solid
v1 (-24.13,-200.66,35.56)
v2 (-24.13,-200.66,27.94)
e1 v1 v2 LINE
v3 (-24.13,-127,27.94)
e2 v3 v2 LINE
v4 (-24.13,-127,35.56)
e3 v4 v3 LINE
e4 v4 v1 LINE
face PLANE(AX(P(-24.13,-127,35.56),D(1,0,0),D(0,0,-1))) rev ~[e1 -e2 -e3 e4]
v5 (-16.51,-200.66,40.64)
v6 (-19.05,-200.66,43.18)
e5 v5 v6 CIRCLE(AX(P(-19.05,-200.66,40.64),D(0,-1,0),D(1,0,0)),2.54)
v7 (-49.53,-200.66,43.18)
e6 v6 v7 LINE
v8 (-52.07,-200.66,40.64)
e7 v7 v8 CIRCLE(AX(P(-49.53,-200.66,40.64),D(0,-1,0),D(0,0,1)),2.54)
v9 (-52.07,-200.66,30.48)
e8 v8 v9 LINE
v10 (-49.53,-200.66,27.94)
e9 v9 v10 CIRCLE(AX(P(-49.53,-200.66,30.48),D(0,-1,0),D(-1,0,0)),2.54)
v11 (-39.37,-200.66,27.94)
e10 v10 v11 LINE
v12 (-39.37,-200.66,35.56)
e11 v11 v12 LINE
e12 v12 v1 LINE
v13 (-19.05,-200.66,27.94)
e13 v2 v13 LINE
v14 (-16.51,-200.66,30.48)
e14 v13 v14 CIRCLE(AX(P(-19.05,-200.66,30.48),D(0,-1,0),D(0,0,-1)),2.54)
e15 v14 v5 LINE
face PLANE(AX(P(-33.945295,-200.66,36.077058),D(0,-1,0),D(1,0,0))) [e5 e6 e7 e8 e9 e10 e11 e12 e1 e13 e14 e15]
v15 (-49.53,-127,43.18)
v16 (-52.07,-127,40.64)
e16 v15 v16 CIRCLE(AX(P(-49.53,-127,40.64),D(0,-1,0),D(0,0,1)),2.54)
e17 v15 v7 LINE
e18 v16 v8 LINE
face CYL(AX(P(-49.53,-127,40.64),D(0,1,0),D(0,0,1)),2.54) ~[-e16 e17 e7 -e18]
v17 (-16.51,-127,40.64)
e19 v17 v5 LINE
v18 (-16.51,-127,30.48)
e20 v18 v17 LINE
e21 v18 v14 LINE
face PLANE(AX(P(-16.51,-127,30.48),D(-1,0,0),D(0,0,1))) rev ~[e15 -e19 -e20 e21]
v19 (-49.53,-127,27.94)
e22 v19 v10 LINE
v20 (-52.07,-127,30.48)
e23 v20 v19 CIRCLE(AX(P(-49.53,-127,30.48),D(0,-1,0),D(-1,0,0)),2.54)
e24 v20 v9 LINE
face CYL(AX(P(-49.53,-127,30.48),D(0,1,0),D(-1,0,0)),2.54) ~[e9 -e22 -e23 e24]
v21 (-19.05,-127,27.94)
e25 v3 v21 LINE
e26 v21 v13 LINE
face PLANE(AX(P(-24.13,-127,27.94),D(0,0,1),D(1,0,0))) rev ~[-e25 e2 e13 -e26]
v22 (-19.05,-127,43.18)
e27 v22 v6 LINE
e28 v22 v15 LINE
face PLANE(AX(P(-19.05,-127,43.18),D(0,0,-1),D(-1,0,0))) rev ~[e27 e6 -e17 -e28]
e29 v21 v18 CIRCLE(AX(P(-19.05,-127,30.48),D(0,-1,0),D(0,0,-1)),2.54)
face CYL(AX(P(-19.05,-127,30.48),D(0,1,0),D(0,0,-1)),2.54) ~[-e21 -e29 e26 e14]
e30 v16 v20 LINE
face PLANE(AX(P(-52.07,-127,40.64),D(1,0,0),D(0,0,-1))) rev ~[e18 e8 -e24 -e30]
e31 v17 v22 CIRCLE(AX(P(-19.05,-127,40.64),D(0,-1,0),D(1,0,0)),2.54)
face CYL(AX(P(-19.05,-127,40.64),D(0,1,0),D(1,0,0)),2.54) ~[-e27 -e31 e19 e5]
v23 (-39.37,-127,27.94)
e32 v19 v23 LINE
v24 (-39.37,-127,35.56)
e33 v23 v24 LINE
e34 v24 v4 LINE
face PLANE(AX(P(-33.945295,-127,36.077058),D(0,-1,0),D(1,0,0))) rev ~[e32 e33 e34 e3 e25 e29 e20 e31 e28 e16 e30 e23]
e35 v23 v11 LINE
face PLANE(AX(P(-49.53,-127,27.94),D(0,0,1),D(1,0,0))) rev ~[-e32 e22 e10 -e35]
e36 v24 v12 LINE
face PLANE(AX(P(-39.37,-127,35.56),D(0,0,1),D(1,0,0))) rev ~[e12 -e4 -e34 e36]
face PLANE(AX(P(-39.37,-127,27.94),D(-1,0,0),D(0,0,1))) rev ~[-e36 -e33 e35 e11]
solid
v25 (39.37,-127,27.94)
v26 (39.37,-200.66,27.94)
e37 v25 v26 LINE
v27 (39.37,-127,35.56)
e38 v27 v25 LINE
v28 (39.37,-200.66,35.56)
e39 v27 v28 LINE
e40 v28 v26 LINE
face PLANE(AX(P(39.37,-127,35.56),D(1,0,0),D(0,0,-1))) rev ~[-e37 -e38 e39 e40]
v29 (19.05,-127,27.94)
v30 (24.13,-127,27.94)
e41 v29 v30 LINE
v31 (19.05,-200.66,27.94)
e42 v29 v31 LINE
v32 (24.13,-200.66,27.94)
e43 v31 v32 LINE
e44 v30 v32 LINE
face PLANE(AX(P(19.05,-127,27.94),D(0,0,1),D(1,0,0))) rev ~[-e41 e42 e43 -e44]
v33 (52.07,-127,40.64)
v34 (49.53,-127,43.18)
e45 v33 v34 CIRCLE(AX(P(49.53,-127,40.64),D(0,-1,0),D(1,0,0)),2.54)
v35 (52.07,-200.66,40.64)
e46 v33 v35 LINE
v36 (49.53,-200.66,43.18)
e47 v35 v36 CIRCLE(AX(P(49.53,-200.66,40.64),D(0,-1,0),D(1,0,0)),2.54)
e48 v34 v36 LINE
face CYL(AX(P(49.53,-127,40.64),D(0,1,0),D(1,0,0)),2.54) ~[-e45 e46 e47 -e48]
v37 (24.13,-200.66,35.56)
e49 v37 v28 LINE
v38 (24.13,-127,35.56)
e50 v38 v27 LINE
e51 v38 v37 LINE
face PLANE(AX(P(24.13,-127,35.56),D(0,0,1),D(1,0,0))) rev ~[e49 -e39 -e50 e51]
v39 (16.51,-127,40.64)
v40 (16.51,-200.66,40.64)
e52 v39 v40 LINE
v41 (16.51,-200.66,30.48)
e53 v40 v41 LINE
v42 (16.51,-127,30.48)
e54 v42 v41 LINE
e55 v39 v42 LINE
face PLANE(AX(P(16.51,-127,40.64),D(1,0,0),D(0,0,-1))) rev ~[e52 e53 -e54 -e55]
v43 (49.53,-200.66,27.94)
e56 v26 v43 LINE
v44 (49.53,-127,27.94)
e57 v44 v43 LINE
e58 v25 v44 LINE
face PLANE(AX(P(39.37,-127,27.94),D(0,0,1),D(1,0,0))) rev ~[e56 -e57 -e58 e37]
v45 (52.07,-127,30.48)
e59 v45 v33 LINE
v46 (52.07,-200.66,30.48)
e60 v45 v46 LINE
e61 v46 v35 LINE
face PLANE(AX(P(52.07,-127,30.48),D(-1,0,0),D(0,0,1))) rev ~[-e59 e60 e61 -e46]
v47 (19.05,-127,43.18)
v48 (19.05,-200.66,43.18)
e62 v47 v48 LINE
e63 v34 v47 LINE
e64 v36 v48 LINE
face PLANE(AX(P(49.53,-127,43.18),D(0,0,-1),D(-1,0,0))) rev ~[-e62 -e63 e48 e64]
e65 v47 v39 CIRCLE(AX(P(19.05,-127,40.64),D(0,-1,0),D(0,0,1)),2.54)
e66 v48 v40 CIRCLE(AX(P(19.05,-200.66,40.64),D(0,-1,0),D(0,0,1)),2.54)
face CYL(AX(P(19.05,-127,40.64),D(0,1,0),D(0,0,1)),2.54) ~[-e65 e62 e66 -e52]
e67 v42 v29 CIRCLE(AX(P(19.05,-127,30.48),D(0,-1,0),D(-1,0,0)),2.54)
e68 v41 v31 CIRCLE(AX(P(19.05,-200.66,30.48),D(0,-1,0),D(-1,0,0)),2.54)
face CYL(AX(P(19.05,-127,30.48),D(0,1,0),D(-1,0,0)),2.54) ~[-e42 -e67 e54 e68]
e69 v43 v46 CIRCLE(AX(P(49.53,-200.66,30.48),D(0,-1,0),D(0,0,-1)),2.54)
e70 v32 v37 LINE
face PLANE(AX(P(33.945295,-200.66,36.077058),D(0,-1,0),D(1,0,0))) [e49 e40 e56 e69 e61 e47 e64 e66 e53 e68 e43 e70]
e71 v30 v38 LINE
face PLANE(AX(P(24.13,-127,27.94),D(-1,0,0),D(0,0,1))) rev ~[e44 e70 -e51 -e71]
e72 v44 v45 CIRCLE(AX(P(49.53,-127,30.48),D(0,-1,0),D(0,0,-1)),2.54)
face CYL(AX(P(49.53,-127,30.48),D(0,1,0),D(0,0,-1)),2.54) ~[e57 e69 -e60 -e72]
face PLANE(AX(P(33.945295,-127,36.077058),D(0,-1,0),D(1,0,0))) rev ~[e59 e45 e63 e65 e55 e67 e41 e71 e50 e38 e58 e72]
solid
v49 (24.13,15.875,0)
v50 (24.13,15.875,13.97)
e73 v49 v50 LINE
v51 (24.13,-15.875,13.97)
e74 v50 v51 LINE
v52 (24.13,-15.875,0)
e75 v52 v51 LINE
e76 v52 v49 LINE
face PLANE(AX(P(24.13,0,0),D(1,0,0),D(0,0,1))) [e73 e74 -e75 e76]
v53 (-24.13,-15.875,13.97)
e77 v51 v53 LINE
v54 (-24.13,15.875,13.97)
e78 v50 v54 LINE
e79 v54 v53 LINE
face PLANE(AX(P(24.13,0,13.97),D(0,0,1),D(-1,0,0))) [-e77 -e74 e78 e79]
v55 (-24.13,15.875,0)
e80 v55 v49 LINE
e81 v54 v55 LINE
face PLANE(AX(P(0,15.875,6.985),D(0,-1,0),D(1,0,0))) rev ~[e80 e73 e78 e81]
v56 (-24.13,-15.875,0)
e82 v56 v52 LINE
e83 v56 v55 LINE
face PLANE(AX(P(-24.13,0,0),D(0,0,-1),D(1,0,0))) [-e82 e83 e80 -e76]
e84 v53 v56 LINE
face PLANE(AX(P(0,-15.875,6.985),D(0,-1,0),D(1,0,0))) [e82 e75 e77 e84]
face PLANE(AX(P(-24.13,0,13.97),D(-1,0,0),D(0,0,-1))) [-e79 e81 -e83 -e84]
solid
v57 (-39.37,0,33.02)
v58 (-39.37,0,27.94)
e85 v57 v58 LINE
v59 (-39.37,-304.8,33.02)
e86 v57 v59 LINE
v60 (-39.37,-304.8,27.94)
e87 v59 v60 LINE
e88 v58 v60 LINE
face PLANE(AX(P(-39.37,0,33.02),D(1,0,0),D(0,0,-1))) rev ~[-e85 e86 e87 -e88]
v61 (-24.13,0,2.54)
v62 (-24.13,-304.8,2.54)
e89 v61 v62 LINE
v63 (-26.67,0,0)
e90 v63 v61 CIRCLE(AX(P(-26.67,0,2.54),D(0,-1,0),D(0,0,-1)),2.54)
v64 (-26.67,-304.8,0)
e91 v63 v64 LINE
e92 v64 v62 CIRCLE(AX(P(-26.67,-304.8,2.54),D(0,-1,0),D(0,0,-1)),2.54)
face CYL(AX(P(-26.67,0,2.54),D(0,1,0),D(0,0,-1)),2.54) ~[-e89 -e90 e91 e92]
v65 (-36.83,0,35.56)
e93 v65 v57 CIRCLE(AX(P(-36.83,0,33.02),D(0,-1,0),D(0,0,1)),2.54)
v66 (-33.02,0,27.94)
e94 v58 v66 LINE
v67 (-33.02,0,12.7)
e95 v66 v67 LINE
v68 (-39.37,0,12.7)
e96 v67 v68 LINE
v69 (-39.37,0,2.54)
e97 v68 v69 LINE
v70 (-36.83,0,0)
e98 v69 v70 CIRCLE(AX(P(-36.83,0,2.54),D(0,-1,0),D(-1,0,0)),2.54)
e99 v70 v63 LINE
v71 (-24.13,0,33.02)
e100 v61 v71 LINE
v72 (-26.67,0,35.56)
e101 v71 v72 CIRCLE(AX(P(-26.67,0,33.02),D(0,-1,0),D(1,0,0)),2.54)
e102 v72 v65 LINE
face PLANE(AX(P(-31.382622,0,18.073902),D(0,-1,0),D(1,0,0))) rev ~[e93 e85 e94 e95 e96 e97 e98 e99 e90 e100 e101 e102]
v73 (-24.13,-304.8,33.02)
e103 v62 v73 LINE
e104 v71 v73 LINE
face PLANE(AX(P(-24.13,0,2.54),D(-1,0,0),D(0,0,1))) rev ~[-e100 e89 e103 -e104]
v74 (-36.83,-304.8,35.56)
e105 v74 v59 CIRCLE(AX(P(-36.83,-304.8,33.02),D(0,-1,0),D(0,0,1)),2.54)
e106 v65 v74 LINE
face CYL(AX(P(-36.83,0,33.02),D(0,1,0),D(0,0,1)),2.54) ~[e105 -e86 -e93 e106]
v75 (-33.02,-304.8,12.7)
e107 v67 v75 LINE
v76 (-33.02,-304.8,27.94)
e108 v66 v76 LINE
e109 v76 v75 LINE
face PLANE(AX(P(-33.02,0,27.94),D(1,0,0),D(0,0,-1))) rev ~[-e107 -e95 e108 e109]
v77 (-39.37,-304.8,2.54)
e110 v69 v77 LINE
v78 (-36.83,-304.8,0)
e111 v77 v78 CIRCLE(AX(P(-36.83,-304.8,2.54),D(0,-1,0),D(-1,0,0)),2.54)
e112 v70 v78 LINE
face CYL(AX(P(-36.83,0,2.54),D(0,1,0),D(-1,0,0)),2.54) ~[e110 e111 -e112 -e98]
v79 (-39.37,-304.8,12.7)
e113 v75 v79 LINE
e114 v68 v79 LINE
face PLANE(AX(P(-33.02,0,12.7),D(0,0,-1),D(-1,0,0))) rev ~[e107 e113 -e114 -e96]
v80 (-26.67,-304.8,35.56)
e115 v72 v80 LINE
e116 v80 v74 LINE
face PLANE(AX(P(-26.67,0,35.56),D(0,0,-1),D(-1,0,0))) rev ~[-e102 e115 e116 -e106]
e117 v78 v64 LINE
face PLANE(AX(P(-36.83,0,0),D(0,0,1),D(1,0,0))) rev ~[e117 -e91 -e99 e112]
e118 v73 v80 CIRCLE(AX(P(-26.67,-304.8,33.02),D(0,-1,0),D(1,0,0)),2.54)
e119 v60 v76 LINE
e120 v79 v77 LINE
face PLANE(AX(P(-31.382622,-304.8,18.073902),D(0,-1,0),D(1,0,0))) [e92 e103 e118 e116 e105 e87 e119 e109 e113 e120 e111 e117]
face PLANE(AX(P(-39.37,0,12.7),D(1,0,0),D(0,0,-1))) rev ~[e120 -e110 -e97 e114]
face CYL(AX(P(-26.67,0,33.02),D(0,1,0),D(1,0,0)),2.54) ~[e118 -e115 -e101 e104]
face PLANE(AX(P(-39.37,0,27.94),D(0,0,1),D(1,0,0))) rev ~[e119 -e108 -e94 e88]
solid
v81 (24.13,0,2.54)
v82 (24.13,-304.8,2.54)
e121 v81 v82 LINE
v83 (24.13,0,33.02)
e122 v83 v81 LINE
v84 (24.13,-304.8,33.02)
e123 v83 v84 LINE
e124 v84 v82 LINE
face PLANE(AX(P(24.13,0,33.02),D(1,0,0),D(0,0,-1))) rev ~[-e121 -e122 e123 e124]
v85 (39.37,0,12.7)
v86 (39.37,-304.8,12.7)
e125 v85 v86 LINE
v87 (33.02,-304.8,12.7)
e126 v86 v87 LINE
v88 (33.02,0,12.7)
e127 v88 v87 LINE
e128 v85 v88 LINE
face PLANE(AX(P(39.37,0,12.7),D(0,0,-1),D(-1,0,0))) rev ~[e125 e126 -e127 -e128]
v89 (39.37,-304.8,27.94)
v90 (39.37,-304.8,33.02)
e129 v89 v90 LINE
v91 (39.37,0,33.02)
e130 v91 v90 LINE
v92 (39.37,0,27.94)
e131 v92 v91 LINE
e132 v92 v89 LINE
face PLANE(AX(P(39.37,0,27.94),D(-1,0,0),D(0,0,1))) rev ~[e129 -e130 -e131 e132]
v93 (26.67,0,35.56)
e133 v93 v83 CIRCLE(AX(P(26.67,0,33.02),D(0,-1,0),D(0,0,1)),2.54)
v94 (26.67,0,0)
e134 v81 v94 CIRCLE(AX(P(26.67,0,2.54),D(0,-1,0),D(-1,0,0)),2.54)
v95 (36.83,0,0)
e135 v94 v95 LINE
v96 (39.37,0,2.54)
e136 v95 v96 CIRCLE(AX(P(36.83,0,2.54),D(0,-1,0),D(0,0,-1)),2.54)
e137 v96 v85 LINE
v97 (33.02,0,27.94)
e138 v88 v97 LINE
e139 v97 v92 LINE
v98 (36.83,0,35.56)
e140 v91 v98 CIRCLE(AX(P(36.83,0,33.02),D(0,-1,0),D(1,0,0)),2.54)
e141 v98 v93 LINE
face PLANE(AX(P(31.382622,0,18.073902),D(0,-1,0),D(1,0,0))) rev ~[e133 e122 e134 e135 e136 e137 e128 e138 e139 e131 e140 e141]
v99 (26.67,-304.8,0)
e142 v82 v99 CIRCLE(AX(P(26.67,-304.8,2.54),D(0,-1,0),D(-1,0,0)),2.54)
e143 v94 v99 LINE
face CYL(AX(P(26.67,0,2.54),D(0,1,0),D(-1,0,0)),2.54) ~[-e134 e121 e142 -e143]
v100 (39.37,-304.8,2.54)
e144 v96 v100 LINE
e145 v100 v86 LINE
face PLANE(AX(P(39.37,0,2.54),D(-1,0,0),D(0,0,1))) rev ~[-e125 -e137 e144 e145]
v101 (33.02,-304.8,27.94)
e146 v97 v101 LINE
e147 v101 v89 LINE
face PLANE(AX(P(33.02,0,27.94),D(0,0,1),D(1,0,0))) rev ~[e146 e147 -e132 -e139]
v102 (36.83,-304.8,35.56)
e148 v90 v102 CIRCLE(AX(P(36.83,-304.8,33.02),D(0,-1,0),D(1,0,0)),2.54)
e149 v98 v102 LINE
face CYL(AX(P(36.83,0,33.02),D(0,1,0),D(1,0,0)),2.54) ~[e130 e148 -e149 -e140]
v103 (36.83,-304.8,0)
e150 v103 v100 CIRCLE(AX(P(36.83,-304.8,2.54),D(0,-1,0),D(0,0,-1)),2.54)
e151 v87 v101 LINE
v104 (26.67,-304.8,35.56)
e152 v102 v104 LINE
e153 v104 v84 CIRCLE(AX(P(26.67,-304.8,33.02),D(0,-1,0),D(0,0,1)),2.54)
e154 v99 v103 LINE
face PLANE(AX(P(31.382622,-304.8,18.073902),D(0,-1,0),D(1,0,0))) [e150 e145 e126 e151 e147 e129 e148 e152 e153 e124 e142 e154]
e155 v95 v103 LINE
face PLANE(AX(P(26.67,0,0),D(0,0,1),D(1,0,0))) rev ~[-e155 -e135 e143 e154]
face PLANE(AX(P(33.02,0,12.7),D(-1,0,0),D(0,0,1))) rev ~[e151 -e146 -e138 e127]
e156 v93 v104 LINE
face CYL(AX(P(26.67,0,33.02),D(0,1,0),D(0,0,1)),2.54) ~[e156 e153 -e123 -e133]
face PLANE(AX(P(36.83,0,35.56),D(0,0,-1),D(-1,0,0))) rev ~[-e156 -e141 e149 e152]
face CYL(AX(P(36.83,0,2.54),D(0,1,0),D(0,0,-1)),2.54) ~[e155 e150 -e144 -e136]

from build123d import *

# Parameters (mm, degrees)
F1_DEPTH      = 304.8
F2_START      = 127
F2_DEPTH      = 73.66
F4_DEPTH      = 15.875
F4_DEPTH_BACK = 15.875


with BuildPart() as f1:
    # F0 (on Front) → F1 (new body)
    with BuildSketch(Plane.XZ):
        with BuildLine():
            Line((-24.13, 2.54), (-24.13, 13.97))
            Line((-24.13, 13.97), (-24.13, 27.94))
            Line((-24.13, 27.94), (-24.13, 33.02))
            ThreePointArc((-24.13, 33.02), (-24.8739487758, 34.8160512242), (-26.67, 35.56))
            Line((-26.67, 35.56), (-36.83, 35.56))
            ThreePointArc((-36.83, 35.56), (-38.6260512242, 34.8160512242), (-39.37, 33.02))
            Line((-39.37, 33.02), (-39.37, 27.94))
            Line((-39.37, 27.94), (-33.02, 27.94))
            Line((-33.02, 27.94), (-33.02, 12.7))
            Line((-33.02, 12.7), (-39.37, 12.7))
            Line((-39.37, 12.7), (-39.37, 2.54))
            ThreePointArc((-39.37, 2.54), (-38.6260512242, 0.7439487758), (-36.83, 0))
            Line((-36.83, 0), (-26.67, 0))
            ThreePointArc((-26.67, 0), (-24.8739487758, 0.7439487758), (-24.13, 2.54))
        make_face()
    extrude(amount=F1_DEPTH)


with BuildPart() as f1b:
    # F0 (on Front) → F1, piece 2 (new body)
    with BuildSketch(Plane.XZ):
        with BuildLine():
            Line((24.13, 13.97), (24.13, 2.54))
            ThreePointArc((24.13, 2.54), (24.8739487758, 0.7439487758), (26.67, 0))
            Line((26.67, 0), (36.83, 0))
            ThreePointArc((36.83, 0), (38.6260512242, 0.7439487758), (39.37, 2.54))
            Line((39.37, 2.54), (39.37, 12.7))
            Line((39.37, 12.7), (33.02, 12.7))
            Line((33.02, 12.7), (33.02, 27.94))
            Line((33.02, 27.94), (39.37, 27.94))
            Line((39.37, 27.94), (39.37, 33.02))
            ThreePointArc((39.37, 33.02), (38.6260512242, 34.8160512242), (36.83, 35.56))
            Line((36.83, 35.56), (26.67, 35.56))
            ThreePointArc((26.67, 35.56), (24.8739487758, 34.8160512242), (24.13, 33.02))
            Line((24.13, 33.02), (24.13, 27.94))
            Line((24.13, 27.94), (24.13, 13.97))
        make_face()
    extrude(amount=F1_DEPTH)


with BuildPart() as f2:
    # F0 (on Front) → F2 (new body)
    with BuildSketch(Plane.XZ.offset(F2_START)):
        with BuildLine():
            Line((-24.13, 33.02), (-24.13, 27.94))
            Line((-24.13, 27.94), (-19.05, 27.94))
            ThreePointArc((-19.05, 27.94), (-17.2539487758, 28.6839487758), (-16.51, 30.48))
            Line((-16.51, 30.48), (-16.51, 40.64))
            ThreePointArc((-16.51, 40.64), (-17.2539487758, 42.4360512242), (-19.05, 43.18))
            Line((-19.05, 43.18), (-49.53, 43.18))
            ThreePointArc((-49.53, 43.18), (-51.3260512242, 42.4360512242), (-52.07, 40.64))
            Line((-52.07, 40.64), (-52.07, 30.48))
            ThreePointArc((-52.07, 30.48), (-51.3260512242, 28.6839487758), (-49.53, 27.94))
            Line((-49.53, 27.94), (-39.37, 27.94))
            Line((-39.37, 27.94), (-39.37, 33.02))
            Line((-39.37, 33.02), (-39.37, 35.56))
            Line((-39.37, 35.56), (-36.83, 35.56))
            Line((-36.83, 35.56), (-26.67, 35.56))
            Line((-26.67, 35.56), (-24.13, 35.56))
            Line((-24.13, 35.56), (-24.13, 33.02))
        make_face()
    extrude(amount=F2_DEPTH)


with BuildPart() as f2b:
    # F0 (on Front) → F2, piece 2 (new body)
    with BuildSketch(Plane.XZ.offset(F2_START)):
        with BuildLine():
            Line((19.05, 27.94), (24.13, 27.94))
            Line((24.13, 27.94), (24.13, 33.02))
            Line((24.13, 33.02), (24.13, 35.56))
            Line((24.13, 35.56), (26.67, 35.56))
            Line((26.67, 35.56), (36.83, 35.56))
            Line((36.83, 35.56), (39.37, 35.56))
            Line((39.37, 35.56), (39.37, 33.02))
            Line((39.37, 33.02), (39.37, 27.94))
            Line((39.37, 27.94), (49.53, 27.94))
            ThreePointArc((49.53, 27.94), (51.3260512242, 28.6839487758), (52.07, 30.48))
            Line((52.07, 30.48), (52.07, 40.64))
            ThreePointArc((52.07, 40.64), (51.3260512242, 42.4360512242), (49.53, 43.18))
            Line((49.53, 43.18), (19.05, 43.18))
            ThreePointArc((19.05, 43.18), (17.2539487758, 42.4360512242), (16.51, 40.64))
            Line((16.51, 40.64), (16.51, 30.48))
            ThreePointArc((16.51, 30.48), (17.2539487758, 28.6839487758), (19.05, 27.94))
        make_face()
    extrude(amount=F2_DEPTH)


with BuildPart() as f4:
    # F0 (on Front) → F4 (new body, two sides)
    with BuildSketch(Plane.XZ) as f4_sk:
        Polygon((24.13, 0), (24.13, 2.54), (24.13, 13.97), (-24.13, 13.97), (-24.13, 2.54), (-24.13, 0), align=None)
    extrude(amount=F4_DEPTH)
    extrude(f4_sk.sketch, amount=-F4_DEPTH_BACK)


solid = Compound([f1.part, f1b.part, f2.part, f2b.part, f4.part])
